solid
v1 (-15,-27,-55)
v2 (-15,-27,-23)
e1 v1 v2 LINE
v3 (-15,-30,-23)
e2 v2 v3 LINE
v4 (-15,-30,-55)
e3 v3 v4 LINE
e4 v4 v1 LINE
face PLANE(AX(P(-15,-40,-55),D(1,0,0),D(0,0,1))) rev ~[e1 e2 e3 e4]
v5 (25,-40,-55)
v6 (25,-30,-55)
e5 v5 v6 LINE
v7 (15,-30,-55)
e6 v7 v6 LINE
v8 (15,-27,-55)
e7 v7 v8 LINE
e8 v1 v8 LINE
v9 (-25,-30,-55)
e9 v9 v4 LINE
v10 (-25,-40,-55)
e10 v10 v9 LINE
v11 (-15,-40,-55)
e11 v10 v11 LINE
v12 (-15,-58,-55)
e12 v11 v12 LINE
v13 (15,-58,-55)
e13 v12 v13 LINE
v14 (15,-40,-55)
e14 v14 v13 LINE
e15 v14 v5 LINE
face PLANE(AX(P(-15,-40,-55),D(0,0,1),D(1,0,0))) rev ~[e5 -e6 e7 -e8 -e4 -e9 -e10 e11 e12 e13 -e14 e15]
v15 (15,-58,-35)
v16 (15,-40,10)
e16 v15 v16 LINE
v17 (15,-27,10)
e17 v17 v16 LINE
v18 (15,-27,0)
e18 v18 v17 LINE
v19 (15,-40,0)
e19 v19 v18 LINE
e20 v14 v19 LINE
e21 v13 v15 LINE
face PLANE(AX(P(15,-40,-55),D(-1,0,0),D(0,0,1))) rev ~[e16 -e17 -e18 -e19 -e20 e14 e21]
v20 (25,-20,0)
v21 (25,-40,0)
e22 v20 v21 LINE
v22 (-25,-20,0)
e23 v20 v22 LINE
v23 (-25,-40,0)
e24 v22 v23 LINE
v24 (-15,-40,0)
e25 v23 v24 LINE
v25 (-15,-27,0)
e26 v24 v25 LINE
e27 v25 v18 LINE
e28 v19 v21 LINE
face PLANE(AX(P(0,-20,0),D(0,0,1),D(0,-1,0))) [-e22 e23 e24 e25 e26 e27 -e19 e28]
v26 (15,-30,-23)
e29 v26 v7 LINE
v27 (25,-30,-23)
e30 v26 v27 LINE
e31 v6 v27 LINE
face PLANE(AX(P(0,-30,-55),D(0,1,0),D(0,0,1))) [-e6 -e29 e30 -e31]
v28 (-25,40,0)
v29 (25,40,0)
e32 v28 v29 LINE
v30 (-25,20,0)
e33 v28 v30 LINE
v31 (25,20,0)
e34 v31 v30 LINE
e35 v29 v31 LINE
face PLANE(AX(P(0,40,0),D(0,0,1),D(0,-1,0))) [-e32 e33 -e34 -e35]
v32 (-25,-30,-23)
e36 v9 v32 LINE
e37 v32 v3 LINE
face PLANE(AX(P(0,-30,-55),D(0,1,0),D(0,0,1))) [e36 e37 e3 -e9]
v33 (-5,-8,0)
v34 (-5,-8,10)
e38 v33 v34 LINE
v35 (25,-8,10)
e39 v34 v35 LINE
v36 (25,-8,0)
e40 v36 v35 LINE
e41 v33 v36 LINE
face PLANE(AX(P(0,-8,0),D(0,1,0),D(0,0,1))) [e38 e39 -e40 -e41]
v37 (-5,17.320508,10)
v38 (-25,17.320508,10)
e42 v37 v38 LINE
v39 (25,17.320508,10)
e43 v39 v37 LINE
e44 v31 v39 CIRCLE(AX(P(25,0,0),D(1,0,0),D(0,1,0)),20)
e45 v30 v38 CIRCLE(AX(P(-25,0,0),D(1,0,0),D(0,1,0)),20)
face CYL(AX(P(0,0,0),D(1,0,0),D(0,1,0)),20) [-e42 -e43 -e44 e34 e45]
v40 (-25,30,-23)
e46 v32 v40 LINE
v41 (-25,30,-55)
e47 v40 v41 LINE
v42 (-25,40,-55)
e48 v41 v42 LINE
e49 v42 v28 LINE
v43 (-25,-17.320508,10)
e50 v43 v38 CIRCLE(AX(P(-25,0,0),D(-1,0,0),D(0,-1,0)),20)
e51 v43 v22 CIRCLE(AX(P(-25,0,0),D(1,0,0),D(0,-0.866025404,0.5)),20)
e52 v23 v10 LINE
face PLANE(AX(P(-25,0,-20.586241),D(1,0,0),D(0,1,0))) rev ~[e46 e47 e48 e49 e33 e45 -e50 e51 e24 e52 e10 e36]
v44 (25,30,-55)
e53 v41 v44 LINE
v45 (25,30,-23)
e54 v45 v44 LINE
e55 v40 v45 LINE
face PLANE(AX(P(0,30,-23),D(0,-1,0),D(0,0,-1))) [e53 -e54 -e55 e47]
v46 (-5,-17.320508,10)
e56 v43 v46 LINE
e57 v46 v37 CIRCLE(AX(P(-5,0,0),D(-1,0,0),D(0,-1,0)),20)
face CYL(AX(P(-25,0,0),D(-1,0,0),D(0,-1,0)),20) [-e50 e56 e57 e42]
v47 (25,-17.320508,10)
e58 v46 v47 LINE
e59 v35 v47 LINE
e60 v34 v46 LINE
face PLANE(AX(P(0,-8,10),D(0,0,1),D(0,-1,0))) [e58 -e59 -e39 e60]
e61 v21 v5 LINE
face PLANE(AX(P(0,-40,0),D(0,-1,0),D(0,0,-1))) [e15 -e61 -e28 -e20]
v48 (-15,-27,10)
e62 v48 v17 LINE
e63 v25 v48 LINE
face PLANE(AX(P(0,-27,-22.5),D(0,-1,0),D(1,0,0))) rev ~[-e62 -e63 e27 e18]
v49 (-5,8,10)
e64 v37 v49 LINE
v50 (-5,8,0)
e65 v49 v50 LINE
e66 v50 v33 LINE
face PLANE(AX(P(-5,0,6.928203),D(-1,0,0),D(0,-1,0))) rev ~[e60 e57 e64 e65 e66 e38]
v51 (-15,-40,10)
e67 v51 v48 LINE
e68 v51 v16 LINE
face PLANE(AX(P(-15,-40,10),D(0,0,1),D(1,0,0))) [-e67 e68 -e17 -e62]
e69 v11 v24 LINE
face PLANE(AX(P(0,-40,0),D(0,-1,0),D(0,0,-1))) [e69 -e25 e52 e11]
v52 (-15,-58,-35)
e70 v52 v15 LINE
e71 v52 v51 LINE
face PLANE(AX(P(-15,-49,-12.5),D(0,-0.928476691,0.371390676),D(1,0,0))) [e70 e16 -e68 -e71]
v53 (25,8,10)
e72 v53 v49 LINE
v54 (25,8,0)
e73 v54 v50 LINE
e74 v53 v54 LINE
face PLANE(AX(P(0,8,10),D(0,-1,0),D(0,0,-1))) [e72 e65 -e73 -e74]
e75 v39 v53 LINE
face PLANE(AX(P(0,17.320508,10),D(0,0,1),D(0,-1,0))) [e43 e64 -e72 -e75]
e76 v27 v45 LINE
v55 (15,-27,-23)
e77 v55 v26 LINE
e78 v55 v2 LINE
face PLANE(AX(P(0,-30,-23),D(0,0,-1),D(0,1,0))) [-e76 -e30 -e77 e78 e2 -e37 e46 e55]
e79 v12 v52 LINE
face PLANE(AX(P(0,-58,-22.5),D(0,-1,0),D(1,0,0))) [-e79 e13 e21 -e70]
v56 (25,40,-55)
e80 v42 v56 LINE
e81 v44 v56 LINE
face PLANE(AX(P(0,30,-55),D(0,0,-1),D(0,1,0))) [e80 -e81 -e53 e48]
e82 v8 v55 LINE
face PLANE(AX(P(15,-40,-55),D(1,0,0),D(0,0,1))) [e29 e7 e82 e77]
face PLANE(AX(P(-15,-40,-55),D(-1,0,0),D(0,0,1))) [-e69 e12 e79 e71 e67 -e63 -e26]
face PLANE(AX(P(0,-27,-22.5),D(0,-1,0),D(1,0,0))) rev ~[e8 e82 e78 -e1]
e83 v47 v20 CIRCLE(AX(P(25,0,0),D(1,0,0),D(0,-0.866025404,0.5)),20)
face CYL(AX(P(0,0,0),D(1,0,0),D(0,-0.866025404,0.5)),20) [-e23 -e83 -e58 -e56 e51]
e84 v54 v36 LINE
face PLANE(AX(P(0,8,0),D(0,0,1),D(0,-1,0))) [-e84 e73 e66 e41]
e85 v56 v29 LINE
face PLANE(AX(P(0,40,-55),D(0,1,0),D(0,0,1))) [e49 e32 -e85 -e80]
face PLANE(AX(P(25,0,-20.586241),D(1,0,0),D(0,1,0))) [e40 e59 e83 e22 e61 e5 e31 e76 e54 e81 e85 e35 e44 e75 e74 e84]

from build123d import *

# Parameters (mm, degrees)
F1_DEPTH      = 25
F2_W          = 30
F2_H          = 65
F3_DEPTH      = 18
F3_DEPTH_BACK = 13
F4_SIZE2      = 18
F4_SIZE       = 45
F6_DEPTH      = 20


with BuildPart() as f1:
    # F0 (on Right) → F1 (new body, symmetric)
    with BuildSketch(Plane.YZ):
        with BuildLine():
            Line((8, 0), (0, 0))
            Line((0, 0), (-8, 0))
            Line((-8, 0), (-8, 10))
            Line((-8, 10), (-17.3205080757, 10))
            ThreePointArc((-17.3205080757, 10), (-19.3185165258, 5.1763809021), (-20, 0))
            Line((-20, 0), (-40, 0))
            Line((-40, 0), (-40, -55))
            Line((-40, -55), (-30, -55))
            Line((-30, -55), (-30, -23))
            Line((-30, -23), (0, -23))
            Line((0, -23), (30, -23))
            Line((30, -23), (30, -55))
            Line((30, -55), (40, -55))
            Line((40, -55), (40, 0))
            Line((40, 0), (20, 0))
            ThreePointArc((20, 0), (19.3185165258, 5.1763809021), (17.3205080757, 10))
            Line((17.3205080757, 10), (8, 10))
            Line((8, 10), (8, 0))
        make_face()
    extrude(amount=F1_DEPTH, both=True)

    # F2 (on face) → F3 (join, two sides)
    with BuildSketch(Plane.XZ.offset(40)) as f3_sk:
        with Locations((0, -22.5)):
            Rectangle(F2_W, F2_H)
    extrude(amount=F3_DEPTH)
    extrude(f3_sk.sketch, amount=-F3_DEPTH_BACK)

    # F4
    f4_edges = [f1.edges().sort_by_distance(p)[0] for p in [
        (0, -58, 10),
    ]]
    f4_side = f1.faces().sort_by_distance((0, -58, -22.5))[0]
    chamfer(f4_edges, length=F4_SIZE, length2=F4_SIZE2, reference=f4_side)

    # F5 (on face) → F6 (join)
    with BuildSketch(Plane(origin=(-25, 0, 0), x_dir=(0, -1, 0), z_dir=(-1, 0, 0))):
        with BuildLine():
            Line((-20, 0), (20, 0))
            ThreePointArc((20, 0), (0, 20), (-20, 0))
        make_face()
    extrude(amount=-F6_DEPTH)


solid = f1.part
